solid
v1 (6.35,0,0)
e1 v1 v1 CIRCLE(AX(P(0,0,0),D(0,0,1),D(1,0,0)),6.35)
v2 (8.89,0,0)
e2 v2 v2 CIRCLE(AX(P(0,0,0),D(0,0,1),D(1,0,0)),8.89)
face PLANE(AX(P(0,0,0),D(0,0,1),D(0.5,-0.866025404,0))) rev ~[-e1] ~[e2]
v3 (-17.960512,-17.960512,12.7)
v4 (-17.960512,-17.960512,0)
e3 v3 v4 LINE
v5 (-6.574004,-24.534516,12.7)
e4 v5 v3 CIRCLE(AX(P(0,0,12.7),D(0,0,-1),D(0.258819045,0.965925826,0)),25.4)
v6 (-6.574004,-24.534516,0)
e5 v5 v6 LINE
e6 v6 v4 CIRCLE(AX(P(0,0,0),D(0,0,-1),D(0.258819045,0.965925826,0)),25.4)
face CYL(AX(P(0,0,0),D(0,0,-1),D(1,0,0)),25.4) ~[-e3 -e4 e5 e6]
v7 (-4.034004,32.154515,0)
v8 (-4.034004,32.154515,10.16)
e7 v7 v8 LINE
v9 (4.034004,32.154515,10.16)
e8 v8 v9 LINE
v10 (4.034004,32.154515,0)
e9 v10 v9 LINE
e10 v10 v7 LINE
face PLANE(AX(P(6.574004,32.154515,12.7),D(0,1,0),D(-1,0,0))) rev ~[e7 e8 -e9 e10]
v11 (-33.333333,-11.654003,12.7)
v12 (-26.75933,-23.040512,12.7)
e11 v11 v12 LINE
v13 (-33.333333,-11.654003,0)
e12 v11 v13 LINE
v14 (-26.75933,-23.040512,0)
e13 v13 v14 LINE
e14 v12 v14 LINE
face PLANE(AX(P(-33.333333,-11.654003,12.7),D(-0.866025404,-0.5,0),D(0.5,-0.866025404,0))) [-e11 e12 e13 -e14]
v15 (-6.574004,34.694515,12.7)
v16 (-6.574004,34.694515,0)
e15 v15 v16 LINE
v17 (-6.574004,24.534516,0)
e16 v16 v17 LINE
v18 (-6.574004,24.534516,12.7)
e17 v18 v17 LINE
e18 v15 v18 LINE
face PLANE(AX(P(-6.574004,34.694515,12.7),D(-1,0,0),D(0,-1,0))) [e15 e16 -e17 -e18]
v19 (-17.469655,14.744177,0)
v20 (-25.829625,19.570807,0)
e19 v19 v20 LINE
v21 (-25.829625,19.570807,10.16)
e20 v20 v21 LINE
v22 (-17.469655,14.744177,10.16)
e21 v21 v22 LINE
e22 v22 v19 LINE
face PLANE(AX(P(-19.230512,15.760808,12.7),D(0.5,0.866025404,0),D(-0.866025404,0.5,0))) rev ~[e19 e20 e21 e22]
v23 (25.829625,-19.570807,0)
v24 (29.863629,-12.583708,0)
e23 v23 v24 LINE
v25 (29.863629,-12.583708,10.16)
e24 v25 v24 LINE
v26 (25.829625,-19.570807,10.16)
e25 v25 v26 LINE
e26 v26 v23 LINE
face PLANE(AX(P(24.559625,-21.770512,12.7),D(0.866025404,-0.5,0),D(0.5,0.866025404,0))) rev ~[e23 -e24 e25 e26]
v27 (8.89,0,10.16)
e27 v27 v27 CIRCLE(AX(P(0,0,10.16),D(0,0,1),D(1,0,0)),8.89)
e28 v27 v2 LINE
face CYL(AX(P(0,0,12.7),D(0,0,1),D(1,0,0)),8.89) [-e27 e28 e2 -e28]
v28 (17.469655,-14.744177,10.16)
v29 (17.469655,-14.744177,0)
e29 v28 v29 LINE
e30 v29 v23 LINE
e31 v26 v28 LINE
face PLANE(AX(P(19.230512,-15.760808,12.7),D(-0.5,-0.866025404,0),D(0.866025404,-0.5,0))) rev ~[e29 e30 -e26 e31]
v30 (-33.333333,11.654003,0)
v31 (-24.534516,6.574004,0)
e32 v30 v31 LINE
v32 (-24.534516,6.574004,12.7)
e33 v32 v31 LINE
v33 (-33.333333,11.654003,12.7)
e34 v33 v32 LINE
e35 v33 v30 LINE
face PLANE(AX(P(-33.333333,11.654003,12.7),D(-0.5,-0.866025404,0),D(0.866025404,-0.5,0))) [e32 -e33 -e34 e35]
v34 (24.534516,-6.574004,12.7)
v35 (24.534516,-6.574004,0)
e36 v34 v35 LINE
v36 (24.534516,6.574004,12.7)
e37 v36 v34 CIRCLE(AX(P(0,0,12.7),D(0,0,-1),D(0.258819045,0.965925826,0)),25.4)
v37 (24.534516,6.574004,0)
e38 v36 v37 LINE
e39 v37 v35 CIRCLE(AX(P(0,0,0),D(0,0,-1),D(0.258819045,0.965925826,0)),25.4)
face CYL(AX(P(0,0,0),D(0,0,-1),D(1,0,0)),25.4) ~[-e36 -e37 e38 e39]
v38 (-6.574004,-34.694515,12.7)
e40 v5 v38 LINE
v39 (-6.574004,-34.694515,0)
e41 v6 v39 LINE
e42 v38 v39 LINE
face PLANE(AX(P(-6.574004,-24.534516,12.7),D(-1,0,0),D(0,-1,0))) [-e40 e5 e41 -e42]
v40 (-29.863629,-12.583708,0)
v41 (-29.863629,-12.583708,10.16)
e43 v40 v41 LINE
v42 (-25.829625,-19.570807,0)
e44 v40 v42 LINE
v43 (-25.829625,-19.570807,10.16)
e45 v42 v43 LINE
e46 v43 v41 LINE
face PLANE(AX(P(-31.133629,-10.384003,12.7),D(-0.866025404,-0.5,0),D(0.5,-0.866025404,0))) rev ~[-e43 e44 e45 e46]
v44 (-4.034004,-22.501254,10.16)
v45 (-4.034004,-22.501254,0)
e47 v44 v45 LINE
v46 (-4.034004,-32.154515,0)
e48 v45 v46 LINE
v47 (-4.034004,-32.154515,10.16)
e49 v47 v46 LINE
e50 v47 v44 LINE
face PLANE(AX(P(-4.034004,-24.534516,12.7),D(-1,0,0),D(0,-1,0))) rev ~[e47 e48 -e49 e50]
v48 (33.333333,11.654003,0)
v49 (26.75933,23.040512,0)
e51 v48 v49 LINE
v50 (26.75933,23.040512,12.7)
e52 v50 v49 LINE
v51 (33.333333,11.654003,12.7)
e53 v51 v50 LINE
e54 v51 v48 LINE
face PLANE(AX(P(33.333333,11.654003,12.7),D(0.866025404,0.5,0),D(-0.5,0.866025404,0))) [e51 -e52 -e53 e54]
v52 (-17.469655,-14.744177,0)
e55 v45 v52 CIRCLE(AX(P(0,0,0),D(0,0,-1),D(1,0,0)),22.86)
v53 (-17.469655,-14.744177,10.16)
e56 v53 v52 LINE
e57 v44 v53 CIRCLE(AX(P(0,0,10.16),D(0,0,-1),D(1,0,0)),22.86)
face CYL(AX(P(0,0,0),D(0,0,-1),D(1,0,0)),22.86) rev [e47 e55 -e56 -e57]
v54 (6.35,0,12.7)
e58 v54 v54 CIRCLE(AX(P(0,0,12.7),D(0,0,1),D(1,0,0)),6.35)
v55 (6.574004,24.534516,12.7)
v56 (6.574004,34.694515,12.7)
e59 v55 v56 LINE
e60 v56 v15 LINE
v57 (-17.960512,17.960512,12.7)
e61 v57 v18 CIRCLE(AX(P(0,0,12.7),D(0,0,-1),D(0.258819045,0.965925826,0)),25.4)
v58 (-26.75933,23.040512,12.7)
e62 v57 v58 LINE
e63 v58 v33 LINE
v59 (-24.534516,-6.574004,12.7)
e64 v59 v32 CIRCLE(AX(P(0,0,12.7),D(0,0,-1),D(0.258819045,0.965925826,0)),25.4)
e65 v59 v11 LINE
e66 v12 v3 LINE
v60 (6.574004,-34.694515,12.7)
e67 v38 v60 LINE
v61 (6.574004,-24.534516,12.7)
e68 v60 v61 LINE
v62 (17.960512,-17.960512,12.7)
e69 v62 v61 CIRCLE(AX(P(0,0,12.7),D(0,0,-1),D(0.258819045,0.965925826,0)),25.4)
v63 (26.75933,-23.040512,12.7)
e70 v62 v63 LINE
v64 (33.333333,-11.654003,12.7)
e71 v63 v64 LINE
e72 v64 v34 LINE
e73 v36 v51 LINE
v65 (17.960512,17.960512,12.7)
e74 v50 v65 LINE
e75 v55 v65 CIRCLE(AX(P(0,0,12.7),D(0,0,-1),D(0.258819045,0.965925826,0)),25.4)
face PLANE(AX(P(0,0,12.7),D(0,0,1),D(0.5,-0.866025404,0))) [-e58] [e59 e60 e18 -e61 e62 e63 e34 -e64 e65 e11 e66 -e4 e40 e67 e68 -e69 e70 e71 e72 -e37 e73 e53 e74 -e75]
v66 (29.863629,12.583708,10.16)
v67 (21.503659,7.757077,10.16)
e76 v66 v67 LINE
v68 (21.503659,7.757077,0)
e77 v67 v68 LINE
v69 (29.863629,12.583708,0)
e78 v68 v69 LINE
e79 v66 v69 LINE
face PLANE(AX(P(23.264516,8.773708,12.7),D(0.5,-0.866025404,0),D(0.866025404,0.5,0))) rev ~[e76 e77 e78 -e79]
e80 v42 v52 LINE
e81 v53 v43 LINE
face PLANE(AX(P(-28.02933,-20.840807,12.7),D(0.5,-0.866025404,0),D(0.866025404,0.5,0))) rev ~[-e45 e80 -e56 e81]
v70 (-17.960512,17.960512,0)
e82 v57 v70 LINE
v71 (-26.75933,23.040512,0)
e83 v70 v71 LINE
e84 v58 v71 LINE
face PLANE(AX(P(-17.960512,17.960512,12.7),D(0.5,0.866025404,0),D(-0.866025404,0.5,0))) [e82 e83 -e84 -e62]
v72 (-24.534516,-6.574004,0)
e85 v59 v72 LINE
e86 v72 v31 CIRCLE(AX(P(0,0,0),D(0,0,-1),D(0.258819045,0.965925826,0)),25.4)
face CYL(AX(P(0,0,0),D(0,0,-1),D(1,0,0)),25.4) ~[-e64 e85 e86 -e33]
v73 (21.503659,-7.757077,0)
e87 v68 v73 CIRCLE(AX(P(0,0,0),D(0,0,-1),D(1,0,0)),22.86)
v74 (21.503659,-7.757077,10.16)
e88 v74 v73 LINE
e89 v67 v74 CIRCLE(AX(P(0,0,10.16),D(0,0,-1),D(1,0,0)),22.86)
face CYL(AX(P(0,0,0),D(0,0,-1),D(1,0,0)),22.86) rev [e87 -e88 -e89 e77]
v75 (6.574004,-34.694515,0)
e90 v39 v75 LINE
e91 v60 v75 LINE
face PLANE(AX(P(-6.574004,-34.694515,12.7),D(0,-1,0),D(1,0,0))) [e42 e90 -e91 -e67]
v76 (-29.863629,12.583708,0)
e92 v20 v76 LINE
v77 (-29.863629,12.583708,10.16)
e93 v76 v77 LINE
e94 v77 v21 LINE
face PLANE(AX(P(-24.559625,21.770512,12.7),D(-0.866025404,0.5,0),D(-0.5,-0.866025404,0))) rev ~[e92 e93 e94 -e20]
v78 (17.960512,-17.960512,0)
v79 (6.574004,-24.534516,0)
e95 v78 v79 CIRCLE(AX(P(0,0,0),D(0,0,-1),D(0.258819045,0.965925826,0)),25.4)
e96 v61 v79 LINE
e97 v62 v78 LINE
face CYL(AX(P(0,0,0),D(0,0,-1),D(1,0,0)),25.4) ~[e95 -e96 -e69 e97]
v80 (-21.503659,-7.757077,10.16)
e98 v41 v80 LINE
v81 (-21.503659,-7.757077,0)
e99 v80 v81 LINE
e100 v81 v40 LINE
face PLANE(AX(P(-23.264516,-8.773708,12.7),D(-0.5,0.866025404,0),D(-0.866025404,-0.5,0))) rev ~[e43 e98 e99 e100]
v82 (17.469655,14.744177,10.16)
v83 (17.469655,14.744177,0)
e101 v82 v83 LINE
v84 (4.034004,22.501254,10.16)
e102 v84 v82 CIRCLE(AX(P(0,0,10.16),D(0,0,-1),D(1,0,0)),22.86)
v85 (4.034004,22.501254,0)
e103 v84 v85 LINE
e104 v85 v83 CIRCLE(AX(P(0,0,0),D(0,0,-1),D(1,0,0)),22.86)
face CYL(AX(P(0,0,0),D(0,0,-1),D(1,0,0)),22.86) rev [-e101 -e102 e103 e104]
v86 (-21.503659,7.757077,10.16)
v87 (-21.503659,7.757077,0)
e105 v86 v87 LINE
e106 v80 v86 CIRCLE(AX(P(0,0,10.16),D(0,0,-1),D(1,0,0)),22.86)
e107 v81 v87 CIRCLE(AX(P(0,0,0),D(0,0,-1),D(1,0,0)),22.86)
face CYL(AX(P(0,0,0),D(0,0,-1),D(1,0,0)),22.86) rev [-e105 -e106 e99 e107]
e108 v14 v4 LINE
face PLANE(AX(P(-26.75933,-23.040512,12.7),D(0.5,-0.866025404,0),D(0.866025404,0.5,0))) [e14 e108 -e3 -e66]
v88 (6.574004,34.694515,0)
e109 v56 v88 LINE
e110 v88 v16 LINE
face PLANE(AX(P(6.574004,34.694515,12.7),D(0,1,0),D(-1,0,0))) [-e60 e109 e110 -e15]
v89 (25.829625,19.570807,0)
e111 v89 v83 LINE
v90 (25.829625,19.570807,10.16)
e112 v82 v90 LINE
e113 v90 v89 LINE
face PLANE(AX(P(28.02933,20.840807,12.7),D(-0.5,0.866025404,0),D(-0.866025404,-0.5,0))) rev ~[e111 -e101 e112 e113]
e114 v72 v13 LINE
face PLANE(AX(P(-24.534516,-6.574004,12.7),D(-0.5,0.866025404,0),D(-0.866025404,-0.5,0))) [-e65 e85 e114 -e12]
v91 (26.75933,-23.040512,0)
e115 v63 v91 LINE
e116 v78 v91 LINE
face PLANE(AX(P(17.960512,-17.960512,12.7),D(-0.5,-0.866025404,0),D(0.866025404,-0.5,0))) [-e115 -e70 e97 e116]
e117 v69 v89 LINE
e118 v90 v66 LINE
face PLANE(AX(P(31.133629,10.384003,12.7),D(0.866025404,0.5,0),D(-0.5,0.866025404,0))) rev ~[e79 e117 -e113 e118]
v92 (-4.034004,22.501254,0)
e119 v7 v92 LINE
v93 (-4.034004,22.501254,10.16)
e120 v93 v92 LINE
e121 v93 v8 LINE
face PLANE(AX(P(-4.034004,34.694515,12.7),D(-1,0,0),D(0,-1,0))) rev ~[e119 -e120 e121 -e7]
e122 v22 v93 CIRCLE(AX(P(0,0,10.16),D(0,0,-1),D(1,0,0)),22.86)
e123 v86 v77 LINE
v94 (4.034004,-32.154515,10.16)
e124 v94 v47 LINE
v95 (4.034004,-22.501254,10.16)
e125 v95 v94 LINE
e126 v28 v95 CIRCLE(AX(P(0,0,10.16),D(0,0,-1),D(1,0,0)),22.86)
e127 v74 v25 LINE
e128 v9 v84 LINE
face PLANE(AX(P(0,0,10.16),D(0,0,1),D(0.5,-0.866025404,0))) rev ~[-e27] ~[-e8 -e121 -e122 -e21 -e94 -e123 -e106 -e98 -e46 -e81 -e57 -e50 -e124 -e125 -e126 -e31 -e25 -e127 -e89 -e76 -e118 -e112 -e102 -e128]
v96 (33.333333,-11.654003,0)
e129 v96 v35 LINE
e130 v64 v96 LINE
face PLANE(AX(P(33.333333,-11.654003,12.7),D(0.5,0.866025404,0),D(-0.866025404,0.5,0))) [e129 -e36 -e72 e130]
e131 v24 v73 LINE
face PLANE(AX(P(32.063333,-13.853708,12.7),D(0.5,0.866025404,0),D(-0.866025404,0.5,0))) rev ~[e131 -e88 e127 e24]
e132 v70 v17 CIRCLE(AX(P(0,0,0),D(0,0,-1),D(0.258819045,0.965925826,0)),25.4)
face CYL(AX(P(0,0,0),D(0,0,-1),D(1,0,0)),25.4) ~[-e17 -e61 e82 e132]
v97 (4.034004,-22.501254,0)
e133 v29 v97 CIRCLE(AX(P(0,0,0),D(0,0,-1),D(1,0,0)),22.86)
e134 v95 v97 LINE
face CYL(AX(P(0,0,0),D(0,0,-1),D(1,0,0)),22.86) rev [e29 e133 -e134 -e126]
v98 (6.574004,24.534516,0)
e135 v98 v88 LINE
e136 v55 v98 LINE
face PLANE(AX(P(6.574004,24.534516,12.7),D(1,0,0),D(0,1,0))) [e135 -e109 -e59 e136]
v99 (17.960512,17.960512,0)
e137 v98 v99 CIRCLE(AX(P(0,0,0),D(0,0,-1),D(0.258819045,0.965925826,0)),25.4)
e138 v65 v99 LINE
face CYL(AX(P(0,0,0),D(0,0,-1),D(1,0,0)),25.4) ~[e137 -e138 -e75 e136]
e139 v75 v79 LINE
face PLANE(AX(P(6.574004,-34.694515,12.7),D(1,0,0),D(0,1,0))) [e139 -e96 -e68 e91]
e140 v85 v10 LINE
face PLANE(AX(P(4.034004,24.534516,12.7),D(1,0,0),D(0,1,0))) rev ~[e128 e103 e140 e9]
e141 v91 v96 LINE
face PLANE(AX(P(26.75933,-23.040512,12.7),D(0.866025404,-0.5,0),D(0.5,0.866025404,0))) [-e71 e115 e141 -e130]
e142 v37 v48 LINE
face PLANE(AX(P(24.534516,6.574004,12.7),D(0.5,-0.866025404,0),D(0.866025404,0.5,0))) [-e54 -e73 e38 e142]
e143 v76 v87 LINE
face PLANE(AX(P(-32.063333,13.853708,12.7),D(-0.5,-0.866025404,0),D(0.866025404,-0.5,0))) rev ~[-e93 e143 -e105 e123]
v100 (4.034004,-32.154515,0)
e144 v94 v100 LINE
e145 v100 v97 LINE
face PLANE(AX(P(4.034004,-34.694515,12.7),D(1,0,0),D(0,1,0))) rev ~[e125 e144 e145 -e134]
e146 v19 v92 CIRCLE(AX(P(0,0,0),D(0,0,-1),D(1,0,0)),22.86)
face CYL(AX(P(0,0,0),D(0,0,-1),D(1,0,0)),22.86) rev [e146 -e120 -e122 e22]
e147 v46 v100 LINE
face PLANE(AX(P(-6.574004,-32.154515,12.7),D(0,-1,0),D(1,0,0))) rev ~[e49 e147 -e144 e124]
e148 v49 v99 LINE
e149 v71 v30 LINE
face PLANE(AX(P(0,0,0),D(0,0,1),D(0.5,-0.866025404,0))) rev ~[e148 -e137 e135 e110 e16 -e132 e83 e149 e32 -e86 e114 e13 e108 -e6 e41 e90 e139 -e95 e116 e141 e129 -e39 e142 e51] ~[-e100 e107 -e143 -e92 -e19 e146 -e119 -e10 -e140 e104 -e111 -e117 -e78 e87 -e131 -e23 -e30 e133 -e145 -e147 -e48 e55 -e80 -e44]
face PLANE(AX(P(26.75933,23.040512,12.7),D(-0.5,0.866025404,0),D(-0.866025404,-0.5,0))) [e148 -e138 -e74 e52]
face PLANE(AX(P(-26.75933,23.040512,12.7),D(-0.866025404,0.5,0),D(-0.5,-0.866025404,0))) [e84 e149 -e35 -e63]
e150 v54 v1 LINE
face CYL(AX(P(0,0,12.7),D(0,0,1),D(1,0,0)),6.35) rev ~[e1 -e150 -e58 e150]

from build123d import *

# Parameters (mm, degrees)
F0_R     = 25.4
F1_DEPTH = 12.7
F3_DEPTH = 12.7
F5_COUNT = 6
F6_R     = 6.35
F7_DEPTH = 25.4
F8_T     = -2.54


with BuildPart() as f1:
    # F0 (on Top) → F1 (new body)
    with BuildSketch(Plane.XY):
        Circle(F0_R)
    extrude(amount=F1_DEPTH)

    # F2 (on face) → F3 (join)
    with BuildSketch(Plane.XY.offset(12.7)):
        Polygon((-6.5740037456, 24.5345159877), (0, 0), (0, 24.5345159877), align=None)
        Polygon((0, 24.5345159877), (0, 0), (6.5740037456, 24.5345159877), align=None)
        Polygon((-6.5740037456, 24.5345159877), (0, 24.5345159877), (6.5740037456, 24.5345159877), (6.5740037456, 34.6945151687), (-6.5740037456, 34.6945151687), align=None)
    extrude(amount=-F3_DEPTH)

    # F5: F1 ×6 about axis
    f5_axis = Axis((0, 0, 27.9026478529), (0, 0, 1))


with BuildPart() as f1_1:
    add(f1.part)
    for i in range(1, F5_COUNT):
        add(f1.part.rotate(f5_axis, i * 360 / F5_COUNT))

    # F6 (on face) → F7 (cut)
    with BuildSketch(Plane.XY.offset(12.7)):
        Circle(F6_R)
    extrude(amount=-F7_DEPTH, mode=Mode.SUBTRACT)

    # F8
    f8_openings = [f1_1.faces().sort_by_distance(p)[0] for p in [
        (-24.437748, 0, 0),
    ]]
    offset(amount=F8_T, openings=f8_openings, kind=Kind.INTERSECTION)


solid = f1_1.part
